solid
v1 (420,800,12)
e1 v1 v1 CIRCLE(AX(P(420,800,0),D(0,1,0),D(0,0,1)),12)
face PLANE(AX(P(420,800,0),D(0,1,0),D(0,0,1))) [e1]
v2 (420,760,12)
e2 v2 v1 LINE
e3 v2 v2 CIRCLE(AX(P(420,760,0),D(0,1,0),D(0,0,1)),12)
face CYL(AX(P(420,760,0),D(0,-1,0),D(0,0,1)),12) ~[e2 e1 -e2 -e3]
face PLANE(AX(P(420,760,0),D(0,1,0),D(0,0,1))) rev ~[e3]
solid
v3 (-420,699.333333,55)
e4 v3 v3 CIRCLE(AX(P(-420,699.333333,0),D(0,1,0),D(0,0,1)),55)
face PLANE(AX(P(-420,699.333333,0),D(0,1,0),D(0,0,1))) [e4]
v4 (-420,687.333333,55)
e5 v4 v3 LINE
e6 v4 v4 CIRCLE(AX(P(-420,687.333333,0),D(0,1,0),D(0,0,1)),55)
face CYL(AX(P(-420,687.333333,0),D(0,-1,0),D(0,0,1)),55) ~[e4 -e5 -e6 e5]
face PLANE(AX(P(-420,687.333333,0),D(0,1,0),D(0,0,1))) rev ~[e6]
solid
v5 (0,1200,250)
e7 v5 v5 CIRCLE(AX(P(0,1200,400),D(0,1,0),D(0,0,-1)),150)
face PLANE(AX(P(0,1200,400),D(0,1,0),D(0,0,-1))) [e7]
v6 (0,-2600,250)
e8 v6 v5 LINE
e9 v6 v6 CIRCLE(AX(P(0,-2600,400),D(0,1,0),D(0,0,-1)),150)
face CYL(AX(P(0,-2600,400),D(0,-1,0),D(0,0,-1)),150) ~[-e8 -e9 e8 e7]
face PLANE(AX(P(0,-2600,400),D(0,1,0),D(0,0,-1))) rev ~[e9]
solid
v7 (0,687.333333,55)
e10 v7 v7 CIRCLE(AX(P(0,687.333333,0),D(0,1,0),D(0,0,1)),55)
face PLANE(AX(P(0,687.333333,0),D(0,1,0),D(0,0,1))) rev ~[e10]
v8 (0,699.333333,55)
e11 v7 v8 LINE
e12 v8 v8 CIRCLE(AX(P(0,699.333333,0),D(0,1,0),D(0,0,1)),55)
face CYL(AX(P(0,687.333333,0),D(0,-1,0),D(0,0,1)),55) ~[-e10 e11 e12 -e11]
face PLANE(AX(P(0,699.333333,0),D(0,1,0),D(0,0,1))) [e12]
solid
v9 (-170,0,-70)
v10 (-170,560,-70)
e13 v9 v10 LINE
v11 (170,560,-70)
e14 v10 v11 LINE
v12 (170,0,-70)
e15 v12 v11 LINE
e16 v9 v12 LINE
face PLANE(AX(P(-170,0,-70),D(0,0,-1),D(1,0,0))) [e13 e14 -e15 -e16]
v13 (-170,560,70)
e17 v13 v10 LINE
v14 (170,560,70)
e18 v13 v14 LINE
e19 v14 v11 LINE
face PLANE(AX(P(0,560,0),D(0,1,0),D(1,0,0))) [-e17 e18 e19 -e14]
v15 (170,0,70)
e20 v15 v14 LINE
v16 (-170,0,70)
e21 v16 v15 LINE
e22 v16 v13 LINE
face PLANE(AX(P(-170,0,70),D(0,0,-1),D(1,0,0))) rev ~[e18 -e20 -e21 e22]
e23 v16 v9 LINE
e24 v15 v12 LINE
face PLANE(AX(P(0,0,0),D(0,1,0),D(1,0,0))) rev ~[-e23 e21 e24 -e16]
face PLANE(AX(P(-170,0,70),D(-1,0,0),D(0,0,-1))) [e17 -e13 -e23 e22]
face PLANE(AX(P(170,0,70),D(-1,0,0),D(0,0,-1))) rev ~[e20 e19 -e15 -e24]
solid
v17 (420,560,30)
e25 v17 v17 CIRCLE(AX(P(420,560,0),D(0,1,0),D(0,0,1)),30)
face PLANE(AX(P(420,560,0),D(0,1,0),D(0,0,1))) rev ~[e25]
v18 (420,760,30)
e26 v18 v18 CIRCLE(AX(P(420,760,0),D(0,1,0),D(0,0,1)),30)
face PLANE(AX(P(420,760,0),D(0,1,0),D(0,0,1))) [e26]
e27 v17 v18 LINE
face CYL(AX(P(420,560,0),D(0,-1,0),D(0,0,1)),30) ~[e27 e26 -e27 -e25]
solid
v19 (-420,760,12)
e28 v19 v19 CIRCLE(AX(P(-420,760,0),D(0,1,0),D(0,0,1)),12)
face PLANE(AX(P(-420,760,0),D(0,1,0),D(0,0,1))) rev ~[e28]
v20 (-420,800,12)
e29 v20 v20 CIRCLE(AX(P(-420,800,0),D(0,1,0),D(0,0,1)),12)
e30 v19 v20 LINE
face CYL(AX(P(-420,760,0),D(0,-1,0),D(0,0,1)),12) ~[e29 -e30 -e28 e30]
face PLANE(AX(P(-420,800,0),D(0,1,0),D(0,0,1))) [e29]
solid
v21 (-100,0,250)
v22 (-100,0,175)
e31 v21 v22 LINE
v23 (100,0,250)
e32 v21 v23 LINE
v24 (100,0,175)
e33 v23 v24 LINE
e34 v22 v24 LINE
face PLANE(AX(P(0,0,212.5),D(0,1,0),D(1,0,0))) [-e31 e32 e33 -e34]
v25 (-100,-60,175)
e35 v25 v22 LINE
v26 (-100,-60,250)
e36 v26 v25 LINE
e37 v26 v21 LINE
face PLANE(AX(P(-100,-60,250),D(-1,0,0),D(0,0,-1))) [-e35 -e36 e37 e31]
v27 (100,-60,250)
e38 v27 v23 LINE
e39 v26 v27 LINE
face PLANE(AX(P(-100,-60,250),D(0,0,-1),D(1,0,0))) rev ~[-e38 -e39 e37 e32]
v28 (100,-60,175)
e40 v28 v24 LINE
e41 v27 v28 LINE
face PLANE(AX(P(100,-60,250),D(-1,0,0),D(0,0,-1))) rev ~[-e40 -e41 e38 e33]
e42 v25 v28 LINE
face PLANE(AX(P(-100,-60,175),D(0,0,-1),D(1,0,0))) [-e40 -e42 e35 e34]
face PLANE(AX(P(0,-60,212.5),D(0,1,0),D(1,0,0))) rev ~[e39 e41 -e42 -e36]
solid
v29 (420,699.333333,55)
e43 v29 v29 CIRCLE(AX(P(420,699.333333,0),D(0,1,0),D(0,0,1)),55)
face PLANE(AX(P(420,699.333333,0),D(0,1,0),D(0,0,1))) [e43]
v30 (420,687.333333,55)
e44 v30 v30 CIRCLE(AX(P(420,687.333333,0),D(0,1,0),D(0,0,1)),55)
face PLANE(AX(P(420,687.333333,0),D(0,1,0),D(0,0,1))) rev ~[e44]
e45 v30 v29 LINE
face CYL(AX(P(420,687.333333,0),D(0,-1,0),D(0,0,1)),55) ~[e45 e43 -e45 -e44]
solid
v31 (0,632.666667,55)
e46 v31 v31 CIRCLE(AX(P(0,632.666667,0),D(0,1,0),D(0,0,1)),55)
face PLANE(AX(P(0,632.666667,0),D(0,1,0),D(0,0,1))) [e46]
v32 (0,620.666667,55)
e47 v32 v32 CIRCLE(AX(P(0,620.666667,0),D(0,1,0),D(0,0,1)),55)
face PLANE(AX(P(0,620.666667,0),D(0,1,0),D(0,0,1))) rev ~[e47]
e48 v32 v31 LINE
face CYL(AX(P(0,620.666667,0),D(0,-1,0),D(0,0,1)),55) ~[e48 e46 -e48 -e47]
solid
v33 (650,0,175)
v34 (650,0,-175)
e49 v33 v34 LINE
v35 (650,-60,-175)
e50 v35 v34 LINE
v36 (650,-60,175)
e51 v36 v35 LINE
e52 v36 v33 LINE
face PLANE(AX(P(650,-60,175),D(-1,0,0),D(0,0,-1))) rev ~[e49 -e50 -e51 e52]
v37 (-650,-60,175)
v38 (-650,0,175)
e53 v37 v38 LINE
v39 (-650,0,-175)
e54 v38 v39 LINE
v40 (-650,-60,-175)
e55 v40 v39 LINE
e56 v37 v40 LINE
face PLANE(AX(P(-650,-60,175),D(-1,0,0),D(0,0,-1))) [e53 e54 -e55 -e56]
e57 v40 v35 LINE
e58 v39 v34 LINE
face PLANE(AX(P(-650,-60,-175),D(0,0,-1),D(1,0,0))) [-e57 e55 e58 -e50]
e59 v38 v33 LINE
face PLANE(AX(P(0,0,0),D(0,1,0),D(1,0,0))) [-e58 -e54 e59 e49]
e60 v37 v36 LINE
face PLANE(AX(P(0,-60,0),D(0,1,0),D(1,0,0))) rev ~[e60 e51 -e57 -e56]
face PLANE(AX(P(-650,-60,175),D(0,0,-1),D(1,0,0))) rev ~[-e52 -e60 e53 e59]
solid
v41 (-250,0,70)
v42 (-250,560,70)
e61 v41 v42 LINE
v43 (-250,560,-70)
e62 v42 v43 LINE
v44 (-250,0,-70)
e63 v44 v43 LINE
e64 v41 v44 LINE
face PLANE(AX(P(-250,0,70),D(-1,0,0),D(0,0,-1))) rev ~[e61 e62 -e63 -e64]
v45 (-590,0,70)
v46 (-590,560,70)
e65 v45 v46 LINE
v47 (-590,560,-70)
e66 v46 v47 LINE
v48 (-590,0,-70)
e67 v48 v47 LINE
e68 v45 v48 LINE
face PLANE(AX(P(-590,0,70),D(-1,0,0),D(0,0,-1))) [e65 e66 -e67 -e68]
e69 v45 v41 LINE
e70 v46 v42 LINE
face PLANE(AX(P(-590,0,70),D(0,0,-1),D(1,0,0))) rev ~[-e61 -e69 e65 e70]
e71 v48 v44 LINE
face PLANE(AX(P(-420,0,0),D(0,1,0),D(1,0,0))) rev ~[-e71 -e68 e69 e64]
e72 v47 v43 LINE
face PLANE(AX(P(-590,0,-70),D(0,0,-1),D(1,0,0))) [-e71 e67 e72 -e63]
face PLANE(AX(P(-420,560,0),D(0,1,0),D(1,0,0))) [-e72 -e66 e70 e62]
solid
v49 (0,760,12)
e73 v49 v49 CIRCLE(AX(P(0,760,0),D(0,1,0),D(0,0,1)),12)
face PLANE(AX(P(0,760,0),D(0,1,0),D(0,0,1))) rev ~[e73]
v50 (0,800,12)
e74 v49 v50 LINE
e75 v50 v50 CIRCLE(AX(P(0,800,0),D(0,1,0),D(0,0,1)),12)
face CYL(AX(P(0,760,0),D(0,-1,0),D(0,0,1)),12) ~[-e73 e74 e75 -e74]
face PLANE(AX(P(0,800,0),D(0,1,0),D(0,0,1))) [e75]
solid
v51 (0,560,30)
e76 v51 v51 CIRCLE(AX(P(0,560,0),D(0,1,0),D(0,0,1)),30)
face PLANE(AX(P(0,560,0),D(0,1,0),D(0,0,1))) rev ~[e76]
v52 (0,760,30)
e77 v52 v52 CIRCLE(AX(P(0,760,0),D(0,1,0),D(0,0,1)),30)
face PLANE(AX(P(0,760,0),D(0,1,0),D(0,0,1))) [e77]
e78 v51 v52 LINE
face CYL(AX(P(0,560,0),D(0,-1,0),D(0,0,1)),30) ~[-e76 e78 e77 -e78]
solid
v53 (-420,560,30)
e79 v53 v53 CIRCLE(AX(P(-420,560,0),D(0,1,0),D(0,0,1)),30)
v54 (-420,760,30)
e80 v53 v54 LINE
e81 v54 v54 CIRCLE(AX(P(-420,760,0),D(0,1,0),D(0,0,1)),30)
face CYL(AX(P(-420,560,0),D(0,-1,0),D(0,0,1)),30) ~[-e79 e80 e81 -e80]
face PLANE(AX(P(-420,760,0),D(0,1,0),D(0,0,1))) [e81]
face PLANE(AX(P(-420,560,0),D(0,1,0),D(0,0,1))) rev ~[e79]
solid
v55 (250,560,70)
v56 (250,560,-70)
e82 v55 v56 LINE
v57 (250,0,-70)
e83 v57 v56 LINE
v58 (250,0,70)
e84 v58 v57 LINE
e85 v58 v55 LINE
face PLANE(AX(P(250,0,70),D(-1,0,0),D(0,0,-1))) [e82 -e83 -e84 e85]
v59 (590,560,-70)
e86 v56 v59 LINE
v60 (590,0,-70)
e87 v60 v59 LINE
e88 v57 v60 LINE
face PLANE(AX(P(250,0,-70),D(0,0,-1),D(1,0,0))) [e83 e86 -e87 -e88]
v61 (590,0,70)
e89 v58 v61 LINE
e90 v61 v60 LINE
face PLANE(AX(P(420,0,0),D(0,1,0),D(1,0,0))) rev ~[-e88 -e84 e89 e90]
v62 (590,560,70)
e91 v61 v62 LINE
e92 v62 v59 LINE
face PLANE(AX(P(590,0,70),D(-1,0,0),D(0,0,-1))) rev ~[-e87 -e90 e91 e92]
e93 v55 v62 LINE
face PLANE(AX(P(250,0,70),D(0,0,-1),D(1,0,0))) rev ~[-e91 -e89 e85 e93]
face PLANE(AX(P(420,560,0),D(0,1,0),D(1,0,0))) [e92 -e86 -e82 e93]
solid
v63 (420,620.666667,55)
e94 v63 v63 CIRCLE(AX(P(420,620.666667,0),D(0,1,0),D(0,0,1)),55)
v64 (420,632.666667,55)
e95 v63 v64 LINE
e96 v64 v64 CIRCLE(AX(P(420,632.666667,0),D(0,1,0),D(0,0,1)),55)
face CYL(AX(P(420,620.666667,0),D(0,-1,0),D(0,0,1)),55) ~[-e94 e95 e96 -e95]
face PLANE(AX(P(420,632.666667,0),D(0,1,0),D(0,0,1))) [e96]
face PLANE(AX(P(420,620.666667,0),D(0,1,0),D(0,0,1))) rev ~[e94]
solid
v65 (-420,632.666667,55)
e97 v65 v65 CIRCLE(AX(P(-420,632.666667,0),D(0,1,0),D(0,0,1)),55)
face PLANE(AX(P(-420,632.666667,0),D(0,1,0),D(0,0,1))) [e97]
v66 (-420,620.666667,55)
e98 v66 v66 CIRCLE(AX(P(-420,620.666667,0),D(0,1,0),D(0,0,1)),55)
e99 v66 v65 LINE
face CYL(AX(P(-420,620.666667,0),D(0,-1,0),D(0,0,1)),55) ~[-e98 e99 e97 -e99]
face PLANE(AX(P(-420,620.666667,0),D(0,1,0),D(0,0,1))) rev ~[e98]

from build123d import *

# Parameters (mm, degrees)
RACK_START            = -60
SKETCH1_W             = 1300
SKETCH1_H             = 350
RACK_DEPTH            = 60
SKETCH2_W             = 200
SKETCH2_H             = 75
RACK_ARM_DEPTH        = 60
POLE_START            = -2600
SKETCH3_R             = 150
POLE_DEPTH            = 3800
SKETCH4_W             = 340
SKETCH4_H             = 140
CAPACITOR_CAN_A_DEPTH = 560
BUSHING_START         = 560
SKETCH5_R             = 30
BUSHING_A_DEPTH       = 200
SHED_START            = 620.666666667
SKETCH6_R             = 55
SHED_A_1_DEPTH        = 12
SHED_START_2          = 687.333333333
SKETCH7_R             = 55
SHED_A_2_DEPTH        = 12
TERMINAL_START        = 760
SKETCH8_R             = 12
TERMINAL_A_DEPTH      = 40
SKETCH9_W             = 340
SKETCH9_H             = 140
CAPACITOR_CAN_B_DEPTH = 560
SKETCH10_R            = 30
BUSHING_B_DEPTH       = 200
SKETCH11_R            = 55
SHED_B_1_DEPTH        = 12
SKETCH12_R            = 55
SHED_B_2_DEPTH        = 12
SKETCH13_R            = 12
TERMINAL_B_DEPTH      = 40
SKETCH14_W            = 340
SKETCH14_H            = 140
CAPACITOR_CAN_C_DEPTH = 560
SKETCH15_R            = 30
BUSHING_C_DEPTH       = 200
SKETCH16_R            = 55
SHED_C_1_DEPTH        = 12
SKETCH17_R            = 55
SHED_C_2_DEPTH        = 12
SKETCH18_R            = 12
TERMINAL_C_DEPTH      = 40


with BuildPart() as part:
    # Sketch1 → Rack (new body)
    with BuildSketch(Plane(origin=(0, 0, 0), x_dir=(1, 0, 0), z_dir=(0, 1, 0)).offset(RACK_START)):
        Rectangle(SKETCH1_W, SKETCH1_H)
    extrude(amount=RACK_DEPTH)


with BuildPart() as body_2:
    # Sketch2 → Rack arm (new body)
    with BuildSketch(Plane(origin=(0, 0, 0), x_dir=(1, 0, 0), z_dir=(0, 1, 0)).offset(RACK_START)):
        with Locations((0, -212.5)):
            Rectangle(SKETCH2_W, SKETCH2_H)
    extrude(amount=RACK_ARM_DEPTH)


with BuildPart() as body_3:
    # Sketch3 → Pole (new body)
    with BuildSketch(Plane(origin=(0, 0, 0), x_dir=(1, 0, 0), z_dir=(0, 1, 0)).offset(POLE_START)):
        with Locations(Location((0, -400, 0), (0, 0, 90))):
            Circle(SKETCH3_R)
    extrude(amount=POLE_DEPTH)


with BuildPart() as body_4:
    # Sketch4 → Capacitor can A (new body)
    with BuildSketch(Plane(origin=(0, 0, 0), x_dir=(1, 0, 0), z_dir=(0, 1, 0))):
        with Locations((-420, 0)):
            Rectangle(SKETCH4_W, SKETCH4_H)
    extrude(amount=CAPACITOR_CAN_A_DEPTH)


with BuildPart() as body_5:
    # Sketch5 → Bushing A (new body)
    with BuildSketch(Plane(origin=(0, 0, 0), x_dir=(1, 0, 0), z_dir=(0, 1, 0)).offset(BUSHING_START)):
        with Locations(Location((-420, 0, 0), (0, 0, 270))):
            Circle(SKETCH5_R)
    extrude(amount=BUSHING_A_DEPTH)


with BuildPart() as body_6:
    # Sketch6 → Shed A 1 (new body)
    with BuildSketch(Plane(origin=(0, 0, 0), x_dir=(1, 0, 0), z_dir=(0, 1, 0)).offset(SHED_START)):
        with Locations(Location((-420, 0, 0), (0, 0, 270))):
            Circle(SKETCH6_R)
    extrude(amount=SHED_A_1_DEPTH)


with BuildPart() as body_7:
    # Sketch7 → Shed A 2 (new body)
    with BuildSketch(Plane(origin=(0, 0, 0), x_dir=(1, 0, 0), z_dir=(0, 1, 0)).offset(SHED_START_2)):
        with Locations(Location((-420, 0, 0), (0, 0, 270))):
            Circle(SKETCH7_R)
    extrude(amount=SHED_A_2_DEPTH)


with BuildPart() as body_8:
    # Sketch8 → Terminal A (new body)
    with BuildSketch(Plane(origin=(0, 0, 0), x_dir=(1, 0, 0), z_dir=(0, 1, 0)).offset(TERMINAL_START)):
        with Locations(Location((-420, 0, 0), (0, 0, 270))):
            Circle(SKETCH8_R)
    extrude(amount=TERMINAL_A_DEPTH)


with BuildPart() as body_9:
    # Sketch9 → Capacitor can B (new body)
    with BuildSketch(Plane(origin=(0, 0, 0), x_dir=(1, 0, 0), z_dir=(0, 1, 0))):
        Rectangle(SKETCH9_W, SKETCH9_H)
    extrude(amount=CAPACITOR_CAN_B_DEPTH)


with BuildPart() as body_10:
    # Sketch10 → Bushing B (new body)
    with BuildSketch(Plane(origin=(0, 0, 0), x_dir=(1, 0, 0), z_dir=(0, 1, 0)).offset(BUSHING_START)):
        with Locations(Location((0, 0, 0), (0, 0, 270))):
            Circle(SKETCH10_R)
    extrude(amount=BUSHING_B_DEPTH)


with BuildPart() as body_11:
    # Sketch11 → Shed B 1 (new body)
    with BuildSketch(Plane(origin=(0, 0, 0), x_dir=(1, 0, 0), z_dir=(0, 1, 0)).offset(SHED_START)):
        with Locations(Location((0, 0, 0), (0, 0, 270))):
            Circle(SKETCH11_R)
    extrude(amount=SHED_B_1_DEPTH)


with BuildPart() as body_12:
    # Sketch12 → Shed B 2 (new body)
    with BuildSketch(Plane(origin=(0, 0, 0), x_dir=(1, 0, 0), z_dir=(0, 1, 0)).offset(SHED_START_2)):
        with Locations(Location((0, 0, 0), (0, 0, 270))):
            Circle(SKETCH12_R)
    extrude(amount=SHED_B_2_DEPTH)


with BuildPart() as body_13:
    # Sketch13 → Terminal B (new body)
    with BuildSketch(Plane(origin=(0, 0, 0), x_dir=(1, 0, 0), z_dir=(0, 1, 0)).offset(TERMINAL_START)):
        with Locations(Location((0, 0, 0), (0, 0, 270))):
            Circle(SKETCH13_R)
    extrude(amount=TERMINAL_B_DEPTH)


with BuildPart() as body_14:
    # Sketch14 → Capacitor can C (new body)
    with BuildSketch(Plane(origin=(0, 0, 0), x_dir=(1, 0, 0), z_dir=(0, 1, 0))):
        with Locations((420, 0)):
            Rectangle(SKETCH14_W, SKETCH14_H)
    extrude(amount=CAPACITOR_CAN_C_DEPTH)


with BuildPart() as body_15:
    # Sketch15 → Bushing C (new body)
    with BuildSketch(Plane(origin=(0, 0, 0), x_dir=(1, 0, 0), z_dir=(0, 1, 0)).offset(BUSHING_START)):
        with Locations(Location((420, 0, 0), (0, 0, 270))):
            Circle(SKETCH15_R)
    extrude(amount=BUSHING_C_DEPTH)


with BuildPart() as body_16:
    # Sketch16 → Shed C 1 (new body)
    with BuildSketch(Plane(origin=(0, 0, 0), x_dir=(1, 0, 0), z_dir=(0, 1, 0)).offset(SHED_START)):
        with Locations(Location((420, 0, 0), (0, 0, 270))):
            Circle(SKETCH16_R)
    extrude(amount=SHED_C_1_DEPTH)


with BuildPart() as body_17:
    # Sketch17 → Shed C 2 (new body)
    with BuildSketch(Plane(origin=(0, 0, 0), x_dir=(1, 0, 0), z_dir=(0, 1, 0)).offset(SHED_START_2)):
        with Locations(Location((420, 0, 0), (0, 0, 270))):
            Circle(SKETCH17_R)
    extrude(amount=SHED_C_2_DEPTH)


with BuildPart() as body_18:
    # Sketch18 → Terminal C (new body)
    with BuildSketch(Plane(origin=(0, 0, 0), x_dir=(1, 0, 0), z_dir=(0, 1, 0)).offset(TERMINAL_START)):
        with Locations(Location((420, 0, 0), (0, 0, 270))):
            Circle(SKETCH18_R)
    extrude(amount=TERMINAL_C_DEPTH)


solid = Compound([part.part, body_2.part, body_3.part, body_4.part, body_5.part, body_6.part, body_7.part, body_8.part, body_9.part, body_10.part, body_11.part, body_12.part, body_13.part, body_14.part, body_15.part, body_16.part, body_17.part, body_18.part])
